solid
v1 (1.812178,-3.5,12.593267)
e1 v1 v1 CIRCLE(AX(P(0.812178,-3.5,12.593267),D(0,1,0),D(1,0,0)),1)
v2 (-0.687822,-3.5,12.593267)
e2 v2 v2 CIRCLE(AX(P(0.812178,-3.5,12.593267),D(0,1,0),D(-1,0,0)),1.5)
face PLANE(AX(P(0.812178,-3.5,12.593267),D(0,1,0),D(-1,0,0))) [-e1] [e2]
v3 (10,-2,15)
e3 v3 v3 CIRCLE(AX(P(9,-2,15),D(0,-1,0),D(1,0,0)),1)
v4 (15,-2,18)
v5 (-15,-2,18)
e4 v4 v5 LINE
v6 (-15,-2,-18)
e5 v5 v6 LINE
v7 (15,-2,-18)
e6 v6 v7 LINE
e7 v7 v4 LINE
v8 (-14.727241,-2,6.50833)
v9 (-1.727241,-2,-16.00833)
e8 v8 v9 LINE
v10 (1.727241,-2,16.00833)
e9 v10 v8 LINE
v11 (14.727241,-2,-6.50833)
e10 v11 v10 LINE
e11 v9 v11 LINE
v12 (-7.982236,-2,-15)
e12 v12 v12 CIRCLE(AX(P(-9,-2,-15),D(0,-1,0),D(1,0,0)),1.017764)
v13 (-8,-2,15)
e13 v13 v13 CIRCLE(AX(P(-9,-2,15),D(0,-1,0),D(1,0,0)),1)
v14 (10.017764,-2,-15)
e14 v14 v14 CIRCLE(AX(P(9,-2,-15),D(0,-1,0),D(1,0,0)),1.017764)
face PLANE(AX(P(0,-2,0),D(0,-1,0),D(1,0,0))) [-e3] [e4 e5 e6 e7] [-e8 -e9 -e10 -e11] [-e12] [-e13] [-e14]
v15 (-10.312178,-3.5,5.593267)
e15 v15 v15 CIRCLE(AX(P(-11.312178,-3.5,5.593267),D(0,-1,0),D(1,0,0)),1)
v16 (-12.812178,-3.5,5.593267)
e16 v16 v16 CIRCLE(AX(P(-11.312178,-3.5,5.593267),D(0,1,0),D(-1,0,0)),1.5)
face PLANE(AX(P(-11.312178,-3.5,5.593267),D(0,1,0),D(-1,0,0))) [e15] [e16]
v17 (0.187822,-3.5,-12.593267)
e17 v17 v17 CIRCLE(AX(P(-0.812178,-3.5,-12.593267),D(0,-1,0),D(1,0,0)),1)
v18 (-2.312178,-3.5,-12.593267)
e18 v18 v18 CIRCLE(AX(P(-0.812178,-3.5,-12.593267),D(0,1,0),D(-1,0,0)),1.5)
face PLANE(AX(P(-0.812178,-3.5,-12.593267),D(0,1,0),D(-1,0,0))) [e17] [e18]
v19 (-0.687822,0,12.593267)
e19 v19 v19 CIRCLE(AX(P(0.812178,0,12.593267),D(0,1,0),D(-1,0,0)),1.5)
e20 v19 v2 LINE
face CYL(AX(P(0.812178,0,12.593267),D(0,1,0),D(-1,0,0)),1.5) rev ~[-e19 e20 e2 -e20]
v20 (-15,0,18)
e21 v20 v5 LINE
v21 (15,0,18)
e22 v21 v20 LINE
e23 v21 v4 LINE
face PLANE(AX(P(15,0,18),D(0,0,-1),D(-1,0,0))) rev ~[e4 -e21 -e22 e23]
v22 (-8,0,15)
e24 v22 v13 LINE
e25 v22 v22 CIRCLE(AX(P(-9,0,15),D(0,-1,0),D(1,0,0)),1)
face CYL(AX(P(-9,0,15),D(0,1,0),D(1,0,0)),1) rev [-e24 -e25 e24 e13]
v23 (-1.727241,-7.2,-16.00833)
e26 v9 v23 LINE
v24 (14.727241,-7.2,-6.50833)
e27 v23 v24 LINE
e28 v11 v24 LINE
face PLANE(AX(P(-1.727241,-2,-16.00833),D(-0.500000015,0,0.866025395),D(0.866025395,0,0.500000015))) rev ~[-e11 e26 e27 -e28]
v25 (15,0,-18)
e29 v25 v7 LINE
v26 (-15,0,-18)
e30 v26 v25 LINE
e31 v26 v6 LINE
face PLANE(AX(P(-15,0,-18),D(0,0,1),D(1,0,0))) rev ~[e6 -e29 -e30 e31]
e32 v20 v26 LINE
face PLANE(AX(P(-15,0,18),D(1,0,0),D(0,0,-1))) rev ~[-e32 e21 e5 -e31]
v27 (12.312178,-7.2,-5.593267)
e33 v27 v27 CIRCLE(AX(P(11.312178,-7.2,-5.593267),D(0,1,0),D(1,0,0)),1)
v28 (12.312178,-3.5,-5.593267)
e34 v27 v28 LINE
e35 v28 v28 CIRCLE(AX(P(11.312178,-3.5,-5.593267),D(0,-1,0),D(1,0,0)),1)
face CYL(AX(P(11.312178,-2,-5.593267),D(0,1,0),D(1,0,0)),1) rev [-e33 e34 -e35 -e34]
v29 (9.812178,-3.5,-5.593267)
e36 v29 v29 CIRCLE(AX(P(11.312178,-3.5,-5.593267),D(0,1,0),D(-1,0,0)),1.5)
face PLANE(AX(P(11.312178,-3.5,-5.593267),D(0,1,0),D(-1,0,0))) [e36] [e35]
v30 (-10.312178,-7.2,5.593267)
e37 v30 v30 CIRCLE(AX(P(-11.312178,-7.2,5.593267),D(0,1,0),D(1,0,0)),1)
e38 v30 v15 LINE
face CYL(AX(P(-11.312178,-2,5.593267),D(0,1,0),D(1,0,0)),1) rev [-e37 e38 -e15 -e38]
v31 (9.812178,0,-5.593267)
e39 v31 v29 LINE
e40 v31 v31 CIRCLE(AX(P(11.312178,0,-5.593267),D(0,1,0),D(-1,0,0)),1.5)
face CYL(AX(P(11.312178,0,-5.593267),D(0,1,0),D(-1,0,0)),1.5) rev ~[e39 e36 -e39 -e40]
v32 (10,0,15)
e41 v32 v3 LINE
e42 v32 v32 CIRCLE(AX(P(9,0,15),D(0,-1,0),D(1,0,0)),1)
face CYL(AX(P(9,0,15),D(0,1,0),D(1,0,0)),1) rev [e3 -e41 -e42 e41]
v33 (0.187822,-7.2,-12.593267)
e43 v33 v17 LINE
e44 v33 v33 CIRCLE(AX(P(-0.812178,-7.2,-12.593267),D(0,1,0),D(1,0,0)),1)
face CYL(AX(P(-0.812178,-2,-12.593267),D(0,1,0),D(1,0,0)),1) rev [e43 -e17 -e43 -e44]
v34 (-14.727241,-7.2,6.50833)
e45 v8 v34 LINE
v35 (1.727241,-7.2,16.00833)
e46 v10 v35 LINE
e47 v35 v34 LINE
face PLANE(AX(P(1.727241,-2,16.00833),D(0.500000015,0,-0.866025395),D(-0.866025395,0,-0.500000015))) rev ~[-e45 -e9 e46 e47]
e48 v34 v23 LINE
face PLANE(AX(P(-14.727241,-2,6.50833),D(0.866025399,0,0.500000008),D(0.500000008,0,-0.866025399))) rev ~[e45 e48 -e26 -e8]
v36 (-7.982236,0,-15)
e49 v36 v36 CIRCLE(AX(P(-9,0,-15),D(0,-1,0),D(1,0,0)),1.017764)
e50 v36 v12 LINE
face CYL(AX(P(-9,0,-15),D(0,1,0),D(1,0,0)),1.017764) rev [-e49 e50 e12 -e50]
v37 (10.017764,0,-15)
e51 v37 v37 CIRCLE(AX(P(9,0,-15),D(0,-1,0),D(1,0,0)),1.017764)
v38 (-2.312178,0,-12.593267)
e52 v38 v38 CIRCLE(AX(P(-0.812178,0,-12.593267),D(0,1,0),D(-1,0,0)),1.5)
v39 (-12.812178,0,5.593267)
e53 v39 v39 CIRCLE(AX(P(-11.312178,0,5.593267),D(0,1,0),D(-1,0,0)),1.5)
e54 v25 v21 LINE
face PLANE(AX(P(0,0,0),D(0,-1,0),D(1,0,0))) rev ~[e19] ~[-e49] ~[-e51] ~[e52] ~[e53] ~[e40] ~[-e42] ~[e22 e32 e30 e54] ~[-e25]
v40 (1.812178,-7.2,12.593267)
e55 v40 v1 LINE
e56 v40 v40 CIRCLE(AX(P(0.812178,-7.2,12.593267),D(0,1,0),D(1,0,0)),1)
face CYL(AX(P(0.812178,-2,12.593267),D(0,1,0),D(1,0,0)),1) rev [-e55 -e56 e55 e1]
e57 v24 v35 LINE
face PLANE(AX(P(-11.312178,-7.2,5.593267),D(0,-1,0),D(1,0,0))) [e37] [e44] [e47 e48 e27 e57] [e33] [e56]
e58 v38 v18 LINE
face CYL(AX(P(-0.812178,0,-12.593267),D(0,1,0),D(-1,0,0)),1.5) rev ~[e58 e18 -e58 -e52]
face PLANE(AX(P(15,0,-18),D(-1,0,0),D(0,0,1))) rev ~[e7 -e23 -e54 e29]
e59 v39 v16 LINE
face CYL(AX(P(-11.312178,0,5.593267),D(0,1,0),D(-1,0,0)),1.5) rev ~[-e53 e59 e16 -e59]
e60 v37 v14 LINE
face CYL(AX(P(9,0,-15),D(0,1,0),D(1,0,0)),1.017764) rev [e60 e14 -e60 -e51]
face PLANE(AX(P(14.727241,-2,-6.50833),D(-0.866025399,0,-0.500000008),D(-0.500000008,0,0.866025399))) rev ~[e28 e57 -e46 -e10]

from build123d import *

# Parameters (mm, degrees)
F0_R     = 1.017764
F0_R_2   = 1
F1_DEPTH = 2
F2_R     = 1
F3_DEPTH = 5.2
F4_R     = 1.5
F4_R_2   = 1
F5_DEPTH = 3.5
F6_R     = 1
F7_DEPTH = 10


with BuildPart() as f1:
    # F0 (on Front) → F1 (new body)
    with BuildSketch(Plane.XZ):
        Polygon((-11.371579, 18), (-15, 18), (-15, -18), (15, -18), (15, 18), (5.371579, 18), align=None)
        with Locations((-9, -15)):
            Circle(F0_R, mode=Mode.SUBTRACT)
        with Locations((-0.812178, -12.593267)):
            Circle(F0_R_2, mode=Mode.SUBTRACT)
        with Locations((9, -15)):
            Circle(F0_R, mode=Mode.SUBTRACT)
        with Locations((11.312178, -5.593267)):
            Circle(F0_R_2, mode=Mode.SUBTRACT)
        with Locations((-11.312178, 5.593267)):
            Circle(F0_R_2, mode=Mode.SUBTRACT)
        with Locations((-9, 15)):
            Circle(F0_R_2, mode=Mode.SUBTRACT)
        with Locations((0.812178, 12.593267)):
            Circle(F0_R_2, mode=Mode.SUBTRACT)
        with Locations((9, 15)):
            Circle(F0_R_2, mode=Mode.SUBTRACT)
    extrude(amount=F1_DEPTH)

    # F2 (on face) → F3 (join)
    with BuildSketch(Plane.XZ.offset(2)):
        with Locations((-11.312178, 5.593267)):
            Circle(F2_R)
        with Locations((-0.812178, -12.593267)):
            Circle(F2_R)
        with Locations((0.812178, 12.593267)):
            Circle(F2_R)
        with Locations((11.312178, -5.593267)):
            Circle(F2_R)
        Polygon((14.727241, -6.50833), (1.727241, 16.00833), (-14.727241, 6.50833), (-1.727241, -16.00833), align=None)
        with Locations((-0.812178, -12.593267)):
            Circle(F2_R, mode=Mode.SUBTRACT)
        with Locations((11.312178, -5.593267)):
            Circle(F2_R, mode=Mode.SUBTRACT)
        with Locations((-11.312178, 5.593267)):
            Circle(F2_R, mode=Mode.SUBTRACT)
        with Locations((0.812178, 12.593267)):
            Circle(F2_R, mode=Mode.SUBTRACT)
    extrude(amount=F3_DEPTH)

    # F4 (on face) → F5 (cut)
    with BuildSketch(Plane(origin=(0, 0, 0), x_dir=(-1, 0, 0), z_dir=(0, 1, 0))):
        with Locations((-11.312178, -5.593267)):
            Circle(F4_R)
        with Locations((-11.312178, -5.593267)):
            Circle(F4_R_2, mode=Mode.SUBTRACT)
        with Locations((0.812178, -12.593267)):
            Circle(F4_R)
        with Locations((0.812178, -12.593267)):
            Circle(F4_R_2, mode=Mode.SUBTRACT)
        with Locations((-0.812178, 12.593267)):
            Circle(F4_R)
        with Locations((-0.812178, 12.593267)):
            Circle(F4_R_2, mode=Mode.SUBTRACT)
        with Locations((11.312178, 5.593267)):
            Circle(F4_R)
        with Locations((11.312178, 5.593267)):
            Circle(F4_R_2, mode=Mode.SUBTRACT)
    extrude(amount=-F5_DEPTH, mode=Mode.SUBTRACT)

    # F6 (on face) → F7 (cut)
    with BuildSketch(Plane(origin=(0, 0, 0), x_dir=(-1, 0, 0), z_dir=(0, 1, 0))):
        with Locations((-0.812178, 12.593267)):
            Circle(F6_R)
        with Locations((11.312178, 5.593267)):
            Circle(F6_R)
        with Locations((0.812178, -12.593267)):
            Circle(F6_R)
        with Locations((-11.312178, -5.593267)):
            Circle(F6_R)
    extrude(amount=-F7_DEPTH, mode=Mode.SUBTRACT)


solid = f1.part
